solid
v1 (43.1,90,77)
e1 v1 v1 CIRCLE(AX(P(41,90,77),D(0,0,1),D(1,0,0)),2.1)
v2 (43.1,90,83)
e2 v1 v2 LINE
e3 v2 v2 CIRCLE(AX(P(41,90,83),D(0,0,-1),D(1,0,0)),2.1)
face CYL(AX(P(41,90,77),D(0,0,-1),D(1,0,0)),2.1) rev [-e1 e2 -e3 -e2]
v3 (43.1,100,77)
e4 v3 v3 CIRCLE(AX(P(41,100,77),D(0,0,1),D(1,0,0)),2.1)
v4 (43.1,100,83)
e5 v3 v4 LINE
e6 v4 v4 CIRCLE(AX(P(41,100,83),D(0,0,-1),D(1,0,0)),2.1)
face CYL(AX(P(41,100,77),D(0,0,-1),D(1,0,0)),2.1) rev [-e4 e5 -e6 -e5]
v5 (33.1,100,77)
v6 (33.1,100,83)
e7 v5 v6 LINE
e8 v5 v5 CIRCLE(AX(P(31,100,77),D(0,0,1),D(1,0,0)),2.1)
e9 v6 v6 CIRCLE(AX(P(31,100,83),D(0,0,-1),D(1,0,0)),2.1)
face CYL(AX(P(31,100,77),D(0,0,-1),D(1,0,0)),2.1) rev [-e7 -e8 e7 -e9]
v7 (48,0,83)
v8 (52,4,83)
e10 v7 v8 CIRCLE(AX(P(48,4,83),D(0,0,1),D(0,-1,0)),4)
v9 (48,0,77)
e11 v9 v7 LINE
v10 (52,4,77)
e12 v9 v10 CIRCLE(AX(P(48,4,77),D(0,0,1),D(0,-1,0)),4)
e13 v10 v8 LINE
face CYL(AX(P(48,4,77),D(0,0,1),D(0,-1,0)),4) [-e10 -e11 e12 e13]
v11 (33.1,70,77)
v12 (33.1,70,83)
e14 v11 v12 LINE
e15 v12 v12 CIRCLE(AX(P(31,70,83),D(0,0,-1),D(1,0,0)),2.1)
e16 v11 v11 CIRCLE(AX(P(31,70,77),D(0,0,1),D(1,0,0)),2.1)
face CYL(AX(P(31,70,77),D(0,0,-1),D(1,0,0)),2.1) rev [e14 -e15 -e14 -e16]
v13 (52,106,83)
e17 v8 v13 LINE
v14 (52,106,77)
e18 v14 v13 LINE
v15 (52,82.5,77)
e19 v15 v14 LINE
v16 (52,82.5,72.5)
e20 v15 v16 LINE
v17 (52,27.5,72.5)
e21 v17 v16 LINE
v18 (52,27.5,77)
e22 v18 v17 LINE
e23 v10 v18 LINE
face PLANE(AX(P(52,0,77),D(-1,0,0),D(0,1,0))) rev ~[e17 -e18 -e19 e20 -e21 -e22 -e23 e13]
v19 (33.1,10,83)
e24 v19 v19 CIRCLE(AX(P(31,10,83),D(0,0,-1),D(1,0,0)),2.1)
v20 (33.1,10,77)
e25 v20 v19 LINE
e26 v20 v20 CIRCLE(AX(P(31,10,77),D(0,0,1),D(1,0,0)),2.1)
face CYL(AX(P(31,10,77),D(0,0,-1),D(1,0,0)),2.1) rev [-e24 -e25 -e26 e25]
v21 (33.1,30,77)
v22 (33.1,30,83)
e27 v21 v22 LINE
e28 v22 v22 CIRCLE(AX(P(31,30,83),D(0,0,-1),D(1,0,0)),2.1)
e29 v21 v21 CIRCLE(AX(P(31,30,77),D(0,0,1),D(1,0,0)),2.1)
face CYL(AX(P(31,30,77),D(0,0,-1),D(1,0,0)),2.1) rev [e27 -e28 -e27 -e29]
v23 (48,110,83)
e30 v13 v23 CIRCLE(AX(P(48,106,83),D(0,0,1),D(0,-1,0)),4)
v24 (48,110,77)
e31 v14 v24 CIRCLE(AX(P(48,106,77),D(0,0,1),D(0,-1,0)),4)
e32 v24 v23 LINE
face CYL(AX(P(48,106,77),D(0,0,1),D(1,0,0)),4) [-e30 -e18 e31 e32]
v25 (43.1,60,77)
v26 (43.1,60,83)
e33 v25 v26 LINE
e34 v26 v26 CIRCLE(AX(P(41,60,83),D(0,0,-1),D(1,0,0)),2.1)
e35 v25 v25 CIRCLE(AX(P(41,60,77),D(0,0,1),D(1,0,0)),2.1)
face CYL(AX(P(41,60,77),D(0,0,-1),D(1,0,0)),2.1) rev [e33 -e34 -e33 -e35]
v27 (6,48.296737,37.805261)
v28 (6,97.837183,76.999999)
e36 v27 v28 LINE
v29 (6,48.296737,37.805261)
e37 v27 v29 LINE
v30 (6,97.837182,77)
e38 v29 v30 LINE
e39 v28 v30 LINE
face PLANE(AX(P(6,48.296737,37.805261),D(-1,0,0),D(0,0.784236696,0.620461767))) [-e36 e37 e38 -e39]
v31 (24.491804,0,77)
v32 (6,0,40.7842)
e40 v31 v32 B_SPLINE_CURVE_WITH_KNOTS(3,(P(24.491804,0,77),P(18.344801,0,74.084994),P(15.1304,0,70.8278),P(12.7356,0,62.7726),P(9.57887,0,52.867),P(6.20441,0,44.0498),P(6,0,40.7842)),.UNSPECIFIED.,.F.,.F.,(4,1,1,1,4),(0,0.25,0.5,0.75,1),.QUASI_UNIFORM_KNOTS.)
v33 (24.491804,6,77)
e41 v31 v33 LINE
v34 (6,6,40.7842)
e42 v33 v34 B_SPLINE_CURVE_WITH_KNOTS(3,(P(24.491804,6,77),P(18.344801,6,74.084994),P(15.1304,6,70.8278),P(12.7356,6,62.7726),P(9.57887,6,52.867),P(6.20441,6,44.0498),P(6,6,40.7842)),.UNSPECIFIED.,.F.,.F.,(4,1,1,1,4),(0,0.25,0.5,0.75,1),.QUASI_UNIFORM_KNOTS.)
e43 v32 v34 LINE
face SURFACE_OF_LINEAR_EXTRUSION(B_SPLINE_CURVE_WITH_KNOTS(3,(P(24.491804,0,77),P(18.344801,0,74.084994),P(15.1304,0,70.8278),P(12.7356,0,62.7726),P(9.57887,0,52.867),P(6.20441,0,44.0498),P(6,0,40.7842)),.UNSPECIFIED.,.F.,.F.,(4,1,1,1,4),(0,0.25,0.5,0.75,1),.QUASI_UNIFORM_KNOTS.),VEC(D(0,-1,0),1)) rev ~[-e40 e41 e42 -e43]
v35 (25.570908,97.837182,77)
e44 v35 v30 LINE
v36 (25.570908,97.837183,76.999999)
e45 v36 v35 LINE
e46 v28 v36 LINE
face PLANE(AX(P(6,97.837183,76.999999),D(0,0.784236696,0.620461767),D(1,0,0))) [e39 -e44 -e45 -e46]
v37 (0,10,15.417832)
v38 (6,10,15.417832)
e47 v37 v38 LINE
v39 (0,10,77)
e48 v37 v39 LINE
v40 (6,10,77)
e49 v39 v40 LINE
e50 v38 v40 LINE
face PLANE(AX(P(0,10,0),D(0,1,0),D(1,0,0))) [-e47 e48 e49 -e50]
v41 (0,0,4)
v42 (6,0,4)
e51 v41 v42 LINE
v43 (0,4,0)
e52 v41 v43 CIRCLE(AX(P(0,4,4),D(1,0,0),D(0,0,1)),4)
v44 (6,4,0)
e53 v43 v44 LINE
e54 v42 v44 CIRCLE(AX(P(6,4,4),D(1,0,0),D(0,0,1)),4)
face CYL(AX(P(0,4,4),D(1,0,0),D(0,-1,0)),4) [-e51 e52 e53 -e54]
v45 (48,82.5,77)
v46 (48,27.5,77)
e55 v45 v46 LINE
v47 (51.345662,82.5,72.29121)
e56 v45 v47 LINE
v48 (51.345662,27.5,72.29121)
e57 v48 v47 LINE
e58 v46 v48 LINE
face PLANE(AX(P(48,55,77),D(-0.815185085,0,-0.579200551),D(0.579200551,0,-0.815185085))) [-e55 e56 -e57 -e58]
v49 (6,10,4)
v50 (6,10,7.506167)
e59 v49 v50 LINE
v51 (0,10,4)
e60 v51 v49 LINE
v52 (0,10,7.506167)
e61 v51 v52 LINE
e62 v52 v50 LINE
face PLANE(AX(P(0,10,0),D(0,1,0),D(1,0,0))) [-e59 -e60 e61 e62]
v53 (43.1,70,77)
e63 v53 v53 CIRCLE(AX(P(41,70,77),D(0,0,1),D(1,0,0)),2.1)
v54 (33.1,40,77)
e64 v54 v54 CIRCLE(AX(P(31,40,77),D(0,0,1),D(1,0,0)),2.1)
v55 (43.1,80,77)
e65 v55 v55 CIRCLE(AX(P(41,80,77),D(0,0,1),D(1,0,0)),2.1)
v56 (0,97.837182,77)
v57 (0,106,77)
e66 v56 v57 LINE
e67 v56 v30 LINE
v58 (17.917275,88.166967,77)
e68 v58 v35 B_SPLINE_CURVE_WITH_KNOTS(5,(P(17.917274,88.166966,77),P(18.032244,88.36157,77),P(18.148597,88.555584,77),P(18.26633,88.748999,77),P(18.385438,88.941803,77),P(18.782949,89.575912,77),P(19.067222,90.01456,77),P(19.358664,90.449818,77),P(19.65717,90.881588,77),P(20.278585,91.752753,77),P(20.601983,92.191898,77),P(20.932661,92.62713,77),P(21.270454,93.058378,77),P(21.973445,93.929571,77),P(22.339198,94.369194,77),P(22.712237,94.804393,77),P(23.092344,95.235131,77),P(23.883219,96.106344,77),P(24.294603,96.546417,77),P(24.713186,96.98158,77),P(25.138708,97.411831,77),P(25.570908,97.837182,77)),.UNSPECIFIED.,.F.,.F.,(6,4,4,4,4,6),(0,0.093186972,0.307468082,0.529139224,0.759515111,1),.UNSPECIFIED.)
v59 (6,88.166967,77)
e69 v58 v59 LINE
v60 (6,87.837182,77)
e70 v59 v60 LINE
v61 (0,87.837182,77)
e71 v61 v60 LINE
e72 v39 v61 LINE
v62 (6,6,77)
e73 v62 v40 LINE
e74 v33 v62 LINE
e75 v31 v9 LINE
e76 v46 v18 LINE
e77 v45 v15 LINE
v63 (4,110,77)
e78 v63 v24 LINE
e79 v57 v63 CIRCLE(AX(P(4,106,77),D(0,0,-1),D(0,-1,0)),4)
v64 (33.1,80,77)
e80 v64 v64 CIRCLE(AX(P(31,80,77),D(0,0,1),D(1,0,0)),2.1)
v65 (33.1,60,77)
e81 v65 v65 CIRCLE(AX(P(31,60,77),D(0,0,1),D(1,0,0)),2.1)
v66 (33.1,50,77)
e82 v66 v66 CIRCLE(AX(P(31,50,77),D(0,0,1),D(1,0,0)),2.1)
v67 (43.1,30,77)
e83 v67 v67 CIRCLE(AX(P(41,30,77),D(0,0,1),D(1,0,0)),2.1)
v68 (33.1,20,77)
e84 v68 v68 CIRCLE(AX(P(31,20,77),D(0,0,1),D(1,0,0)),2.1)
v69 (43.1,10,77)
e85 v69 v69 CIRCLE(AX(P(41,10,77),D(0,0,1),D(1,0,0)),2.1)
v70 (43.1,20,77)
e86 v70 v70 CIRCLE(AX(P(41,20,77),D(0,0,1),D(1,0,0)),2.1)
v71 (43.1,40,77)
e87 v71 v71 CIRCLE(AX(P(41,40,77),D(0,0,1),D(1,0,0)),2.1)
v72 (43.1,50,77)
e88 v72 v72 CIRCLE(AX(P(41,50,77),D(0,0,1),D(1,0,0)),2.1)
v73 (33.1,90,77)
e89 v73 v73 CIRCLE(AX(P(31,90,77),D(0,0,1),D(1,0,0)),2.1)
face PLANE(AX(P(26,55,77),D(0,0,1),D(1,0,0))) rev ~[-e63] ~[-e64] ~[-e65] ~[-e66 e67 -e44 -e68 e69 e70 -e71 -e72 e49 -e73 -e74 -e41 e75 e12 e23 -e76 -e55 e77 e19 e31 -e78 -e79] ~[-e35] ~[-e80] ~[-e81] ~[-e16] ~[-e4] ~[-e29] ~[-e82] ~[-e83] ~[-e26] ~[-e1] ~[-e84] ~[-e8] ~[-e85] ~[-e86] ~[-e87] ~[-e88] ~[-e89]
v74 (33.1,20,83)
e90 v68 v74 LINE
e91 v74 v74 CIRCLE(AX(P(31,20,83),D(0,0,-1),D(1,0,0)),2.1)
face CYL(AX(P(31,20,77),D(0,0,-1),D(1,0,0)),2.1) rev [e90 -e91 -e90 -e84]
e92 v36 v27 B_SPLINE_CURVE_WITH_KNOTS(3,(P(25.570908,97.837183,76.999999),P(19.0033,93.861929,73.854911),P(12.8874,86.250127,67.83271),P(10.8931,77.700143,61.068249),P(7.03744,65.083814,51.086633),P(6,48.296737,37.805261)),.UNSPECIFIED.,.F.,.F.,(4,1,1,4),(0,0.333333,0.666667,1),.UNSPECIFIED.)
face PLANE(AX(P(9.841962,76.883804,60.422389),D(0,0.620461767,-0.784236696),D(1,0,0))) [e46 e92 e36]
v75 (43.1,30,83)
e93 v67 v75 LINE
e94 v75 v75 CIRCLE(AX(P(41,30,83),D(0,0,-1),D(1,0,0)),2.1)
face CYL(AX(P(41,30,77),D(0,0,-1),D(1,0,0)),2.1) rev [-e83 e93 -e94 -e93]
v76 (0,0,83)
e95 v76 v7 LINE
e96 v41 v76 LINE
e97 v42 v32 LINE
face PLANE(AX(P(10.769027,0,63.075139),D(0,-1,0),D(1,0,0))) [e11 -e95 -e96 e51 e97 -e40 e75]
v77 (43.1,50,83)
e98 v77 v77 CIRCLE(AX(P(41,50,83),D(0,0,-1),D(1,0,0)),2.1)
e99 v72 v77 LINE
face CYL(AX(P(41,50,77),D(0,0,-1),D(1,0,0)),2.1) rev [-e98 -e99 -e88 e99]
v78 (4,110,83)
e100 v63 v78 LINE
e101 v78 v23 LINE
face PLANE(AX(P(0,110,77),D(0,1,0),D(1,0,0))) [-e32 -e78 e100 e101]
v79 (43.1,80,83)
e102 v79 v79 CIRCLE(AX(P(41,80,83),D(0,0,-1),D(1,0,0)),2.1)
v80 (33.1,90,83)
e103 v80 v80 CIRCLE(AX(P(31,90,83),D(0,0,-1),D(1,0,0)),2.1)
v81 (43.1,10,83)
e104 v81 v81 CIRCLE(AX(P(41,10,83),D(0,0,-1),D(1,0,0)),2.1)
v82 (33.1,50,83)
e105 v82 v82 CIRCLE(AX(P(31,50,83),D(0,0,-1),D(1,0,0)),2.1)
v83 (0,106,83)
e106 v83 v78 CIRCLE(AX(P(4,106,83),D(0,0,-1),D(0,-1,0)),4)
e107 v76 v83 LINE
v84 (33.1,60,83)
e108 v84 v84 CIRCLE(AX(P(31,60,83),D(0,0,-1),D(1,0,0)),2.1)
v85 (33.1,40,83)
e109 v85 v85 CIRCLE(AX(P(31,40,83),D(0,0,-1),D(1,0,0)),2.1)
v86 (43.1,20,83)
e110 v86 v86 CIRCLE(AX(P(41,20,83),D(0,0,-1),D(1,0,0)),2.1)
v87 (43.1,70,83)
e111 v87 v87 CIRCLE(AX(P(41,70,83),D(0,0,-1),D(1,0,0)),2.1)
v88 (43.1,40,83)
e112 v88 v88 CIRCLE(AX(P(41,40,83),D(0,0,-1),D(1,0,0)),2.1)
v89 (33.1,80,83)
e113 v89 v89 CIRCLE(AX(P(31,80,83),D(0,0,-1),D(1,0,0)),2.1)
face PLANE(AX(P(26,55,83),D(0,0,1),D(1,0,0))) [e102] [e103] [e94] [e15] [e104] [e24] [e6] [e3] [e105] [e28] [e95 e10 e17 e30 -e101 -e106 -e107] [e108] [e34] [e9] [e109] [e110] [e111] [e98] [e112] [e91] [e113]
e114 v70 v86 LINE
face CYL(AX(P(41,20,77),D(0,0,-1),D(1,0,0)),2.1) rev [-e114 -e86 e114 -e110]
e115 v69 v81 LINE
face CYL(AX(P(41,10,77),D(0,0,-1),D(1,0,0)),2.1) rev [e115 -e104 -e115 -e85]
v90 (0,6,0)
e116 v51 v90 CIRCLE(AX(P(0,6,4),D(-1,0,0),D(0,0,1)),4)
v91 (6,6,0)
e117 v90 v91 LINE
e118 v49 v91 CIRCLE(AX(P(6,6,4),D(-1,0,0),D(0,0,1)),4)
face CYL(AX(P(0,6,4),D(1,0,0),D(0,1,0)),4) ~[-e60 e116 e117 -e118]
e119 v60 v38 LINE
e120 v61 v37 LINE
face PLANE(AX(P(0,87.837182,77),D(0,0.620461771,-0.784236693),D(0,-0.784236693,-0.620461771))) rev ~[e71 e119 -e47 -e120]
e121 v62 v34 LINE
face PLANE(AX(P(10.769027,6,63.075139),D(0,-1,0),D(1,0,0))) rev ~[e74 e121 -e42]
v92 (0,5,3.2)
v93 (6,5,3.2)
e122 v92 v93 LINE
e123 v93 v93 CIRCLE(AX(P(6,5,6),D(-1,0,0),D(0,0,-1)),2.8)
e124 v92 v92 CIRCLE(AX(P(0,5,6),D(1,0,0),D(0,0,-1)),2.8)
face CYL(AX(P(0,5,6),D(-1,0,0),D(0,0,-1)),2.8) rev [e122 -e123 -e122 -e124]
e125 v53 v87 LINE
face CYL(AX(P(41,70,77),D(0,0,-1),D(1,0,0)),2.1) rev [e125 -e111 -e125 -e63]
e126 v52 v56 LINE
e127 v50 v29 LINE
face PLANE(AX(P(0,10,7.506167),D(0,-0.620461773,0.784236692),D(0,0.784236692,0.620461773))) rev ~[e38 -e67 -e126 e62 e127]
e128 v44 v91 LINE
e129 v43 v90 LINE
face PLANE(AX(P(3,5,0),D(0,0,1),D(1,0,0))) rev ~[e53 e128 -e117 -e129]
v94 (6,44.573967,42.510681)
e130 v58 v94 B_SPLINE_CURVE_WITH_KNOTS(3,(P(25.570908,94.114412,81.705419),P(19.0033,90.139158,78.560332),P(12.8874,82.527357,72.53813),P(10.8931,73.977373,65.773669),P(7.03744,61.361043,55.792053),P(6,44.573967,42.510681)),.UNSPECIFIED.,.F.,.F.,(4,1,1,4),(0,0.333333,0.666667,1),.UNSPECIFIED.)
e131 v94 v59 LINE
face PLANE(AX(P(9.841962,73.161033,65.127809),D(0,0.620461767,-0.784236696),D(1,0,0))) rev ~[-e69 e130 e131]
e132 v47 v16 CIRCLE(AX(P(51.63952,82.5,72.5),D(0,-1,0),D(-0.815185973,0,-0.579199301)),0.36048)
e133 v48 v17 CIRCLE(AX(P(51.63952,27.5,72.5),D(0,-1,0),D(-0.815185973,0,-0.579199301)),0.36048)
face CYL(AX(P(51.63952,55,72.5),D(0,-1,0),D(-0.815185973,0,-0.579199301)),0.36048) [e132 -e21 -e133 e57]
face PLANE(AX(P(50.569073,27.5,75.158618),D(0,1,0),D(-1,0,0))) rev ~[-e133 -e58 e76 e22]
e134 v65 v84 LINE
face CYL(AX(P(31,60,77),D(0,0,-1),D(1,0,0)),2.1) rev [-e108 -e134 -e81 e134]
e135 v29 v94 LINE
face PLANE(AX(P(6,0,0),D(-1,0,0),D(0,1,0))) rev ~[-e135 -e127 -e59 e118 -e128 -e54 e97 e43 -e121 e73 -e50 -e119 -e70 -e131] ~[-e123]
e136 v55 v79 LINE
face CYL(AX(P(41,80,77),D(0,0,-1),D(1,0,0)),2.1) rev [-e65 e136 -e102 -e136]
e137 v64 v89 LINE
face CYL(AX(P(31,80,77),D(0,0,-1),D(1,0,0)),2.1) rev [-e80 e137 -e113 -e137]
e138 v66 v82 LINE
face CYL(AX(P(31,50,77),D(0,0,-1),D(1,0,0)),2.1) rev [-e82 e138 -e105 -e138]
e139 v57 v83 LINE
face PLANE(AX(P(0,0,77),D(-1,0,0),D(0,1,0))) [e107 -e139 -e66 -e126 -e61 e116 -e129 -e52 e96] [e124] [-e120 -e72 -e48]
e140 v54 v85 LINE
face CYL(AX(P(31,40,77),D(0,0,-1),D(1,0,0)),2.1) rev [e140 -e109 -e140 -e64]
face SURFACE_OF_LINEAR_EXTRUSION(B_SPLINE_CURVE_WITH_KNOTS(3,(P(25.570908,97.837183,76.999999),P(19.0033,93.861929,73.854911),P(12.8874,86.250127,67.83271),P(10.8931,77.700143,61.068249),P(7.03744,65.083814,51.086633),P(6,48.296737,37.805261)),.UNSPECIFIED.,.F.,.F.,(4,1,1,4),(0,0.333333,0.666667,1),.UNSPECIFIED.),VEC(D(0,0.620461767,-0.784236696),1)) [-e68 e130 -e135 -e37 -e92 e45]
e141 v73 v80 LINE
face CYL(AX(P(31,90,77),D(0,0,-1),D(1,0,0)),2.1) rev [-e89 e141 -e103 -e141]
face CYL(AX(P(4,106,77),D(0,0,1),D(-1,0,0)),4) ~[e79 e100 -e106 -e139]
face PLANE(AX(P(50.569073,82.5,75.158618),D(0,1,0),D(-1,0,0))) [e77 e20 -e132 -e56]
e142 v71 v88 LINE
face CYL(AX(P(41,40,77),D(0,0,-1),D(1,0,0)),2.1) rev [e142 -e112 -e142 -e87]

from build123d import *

# Parameters (mm, degrees)
CYLINDER_R                                = 2.8
CYLINDER_DEPTH                            = 10
CYLINDER001_R                             = 2.1
CYLINDER001_DEPTH                         = 10
ARRAY_X_COUNT                             = 2
ARRAY_X_PITCH                             = 10
ARRAY_Y_COUNT                             = 10
ARRAY_Y_PITCH                             = 10
EXTRUDE002_DEPTH                          = 6
EXTRUDE_DEPTH                             = 6
EXTRUDE003_DEPTH                          = 6
EXTRUDE003_ONTO_SKETCH003_PLACEMENT_ANGLE = 218.349863
EXTRUDE004_DEPTH                          = 27.5
BOX002_W                                  = 52
BOX002_H                                  = 110
BOX002_DEPTH                              = 6
FILLET001_R                               = 4
BOX_W                                     = 6
BOX_H                                     = 10
BOX_DEPTH                                 = 77
FILLET_R                                  = 4


with BuildPart() as vesa_hole:
    # Cylinder → Cylinder (new body)
    with BuildSketch(Plane(origin=(0, 5, 6), x_dir=(0, 0, -1), z_dir=(1, 0, 0))):
        Circle(CYLINDER_R)
    extrude(amount=CYLINDER_DEPTH)


with BuildPart() as hole_fusion:
    # Cylinder001 → Cylinder001 (new body)
    with BuildSketch(Plane(origin=(31, 100, 77), x_dir=(1, 0, 0), z_dir=(0, 0, 1))):
        Circle(CYLINDER001_R)
    extrude(amount=CYLINDER001_DEPTH)

    # Array X: hole fusion ×2


with BuildPart() as hole_fusion_1:
    add(hole_fusion.part)
    with Locations(*[(i * ARRAY_X_PITCH, 0, 0) for i in range(1, ARRAY_X_COUNT)]):
        add(hole_fusion.part)

    # Array Y: hole fusion ×10


with BuildPart() as hole_fusion_2:
    add(hole_fusion_1.part)
    with Locations(*[(0, -i * ARRAY_Y_PITCH, 0) for i in range(1, ARRAY_Y_COUNT)]):
        add(hole_fusion_1.part)

    # Fusion002: union vesa hole
    add(vesa_hole.part)


with BuildPart() as extrude002:
    # Sketch002 (on Face3 of Box) → Extrude002 (new body)
    with BuildSketch(Plane.XZ):
        with BuildLine():
            Line((6, 77), (6, 40.7842))
            add(Edge.make_bspline(
                [(24.491804, 77), (18.344801, 74.084994), (15.1304, 70.8278), (12.7356, 62.7726), (9.57887, 52.867), (6.20441, 44.0498), (6, 40.7842)],
                knots=[0, 0, 0, 0, 0.25, 0.5, 0.75, 1, 1, 1, 1], degree=3))
            Line((24.491804, 77), (6, 77))
        make_face()
    extrude(amount=-EXTRUDE002_DEPTH)


with BuildPart() as extrude_body:
    # Sketch → Extrude (new body)
    with BuildSketch(Plane.YZ):
        Polygon((10, 7.506167), (97.837182, 77), (87.837182, 77), (10, 15.417832), align=None)
    extrude(amount=EXTRUDE_DEPTH)


with BuildPart() as extrude003:
    # Sketch003 as drawn → Extrude003 (new)
    with BuildSketch(Plane.XY):
        with BuildLine():
            Line((6, -124.612947), (25.570908, -124.612947))
            add(Edge.make_bspline(
                [(25.570908, -124.612947), (19.0033, -119.544), (12.8874, -109.838), (10.8931, -98.9357), (7.03744, -82.8483), (6, -61.442675)],
                knots=[0, 0, 0, 0, 0.333333, 0.666667, 1, 1, 1, 1], degree=3))
            Line((6, -61.442675), (6, -124.612947))
        make_face()
    extrude(amount=-EXTRUDE003_DEPTH)


with BuildPart() as extrude003_1:
    # Extrude003 onto Sketch003 placement: moved
    add(extrude003.part.moved(Location((0, 0.111137, -0.31757))).rotate(Axis((0, 0.111137, -0.31757), (1, 0, 0)), EXTRUDE003_ONTO_SKETCH003_PLACEMENT_ANGLE))


with BuildPart() as extrude004:
    # Sketch004 → Extrude004 (new body, symmetric)
    with BuildSketch(Plane.XZ.offset(-55)):
        with BuildLine():
            Line((52, 77), (52, 72.5))
            ThreePointArc((51.345662, 72.29121), (51.749101, 72.156579), (52, 72.5))
            Line((48, 77), (51.345662, 72.29121))
            Line((48, 77), (52, 77))
        make_face()
    extrude(amount=EXTRUDE004_DEPTH, both=True)


with BuildPart() as top_cube_fillet:
    # Box002 → Box002 (new body)
    with BuildSketch(Plane.XY.offset(77)):
        with Locations((26, 55)):
            Rectangle(BOX002_W, BOX002_H)
    extrude(amount=BOX002_DEPTH)

    # Fillet001
    fillet001_edges = [top_cube_fillet.edges().sort_by_distance(p)[0] for p in [
        (0, 110, 80),
        (52, 0, 80),
        (52, 110, 80),
    ]]
    fillet(fillet001_edges, radius=FILLET001_R)


with BuildPart() as body_cut:
    # Box → Box (new body)
    with BuildSketch(Plane.XY):
        with Locations((3, 5)):
            Rectangle(BOX_W, BOX_H)
    extrude(amount=BOX_DEPTH)

    # Fillet
    fillet_edges = [body_cut.edges().sort_by_distance(p)[0] for p in [
        (3, 0, 0),
        (3, 10, 0),
    ]]
    fillet(fillet_edges, radius=FILLET_R)

    # Fusion: union top cube fillet
    add(top_cube_fillet.part)

    # Fusion001: union Extrude002, Extrude body, Extrude003, Extrude004
    add(extrude002.part)
    add(extrude_body.part)
    add(extrude003_1.part)
    add(extrude004.part)

    # Cut001: cut hole fusion
    add(hole_fusion_2.part, mode=Mode.SUBTRACT)


solid = body_cut.part
